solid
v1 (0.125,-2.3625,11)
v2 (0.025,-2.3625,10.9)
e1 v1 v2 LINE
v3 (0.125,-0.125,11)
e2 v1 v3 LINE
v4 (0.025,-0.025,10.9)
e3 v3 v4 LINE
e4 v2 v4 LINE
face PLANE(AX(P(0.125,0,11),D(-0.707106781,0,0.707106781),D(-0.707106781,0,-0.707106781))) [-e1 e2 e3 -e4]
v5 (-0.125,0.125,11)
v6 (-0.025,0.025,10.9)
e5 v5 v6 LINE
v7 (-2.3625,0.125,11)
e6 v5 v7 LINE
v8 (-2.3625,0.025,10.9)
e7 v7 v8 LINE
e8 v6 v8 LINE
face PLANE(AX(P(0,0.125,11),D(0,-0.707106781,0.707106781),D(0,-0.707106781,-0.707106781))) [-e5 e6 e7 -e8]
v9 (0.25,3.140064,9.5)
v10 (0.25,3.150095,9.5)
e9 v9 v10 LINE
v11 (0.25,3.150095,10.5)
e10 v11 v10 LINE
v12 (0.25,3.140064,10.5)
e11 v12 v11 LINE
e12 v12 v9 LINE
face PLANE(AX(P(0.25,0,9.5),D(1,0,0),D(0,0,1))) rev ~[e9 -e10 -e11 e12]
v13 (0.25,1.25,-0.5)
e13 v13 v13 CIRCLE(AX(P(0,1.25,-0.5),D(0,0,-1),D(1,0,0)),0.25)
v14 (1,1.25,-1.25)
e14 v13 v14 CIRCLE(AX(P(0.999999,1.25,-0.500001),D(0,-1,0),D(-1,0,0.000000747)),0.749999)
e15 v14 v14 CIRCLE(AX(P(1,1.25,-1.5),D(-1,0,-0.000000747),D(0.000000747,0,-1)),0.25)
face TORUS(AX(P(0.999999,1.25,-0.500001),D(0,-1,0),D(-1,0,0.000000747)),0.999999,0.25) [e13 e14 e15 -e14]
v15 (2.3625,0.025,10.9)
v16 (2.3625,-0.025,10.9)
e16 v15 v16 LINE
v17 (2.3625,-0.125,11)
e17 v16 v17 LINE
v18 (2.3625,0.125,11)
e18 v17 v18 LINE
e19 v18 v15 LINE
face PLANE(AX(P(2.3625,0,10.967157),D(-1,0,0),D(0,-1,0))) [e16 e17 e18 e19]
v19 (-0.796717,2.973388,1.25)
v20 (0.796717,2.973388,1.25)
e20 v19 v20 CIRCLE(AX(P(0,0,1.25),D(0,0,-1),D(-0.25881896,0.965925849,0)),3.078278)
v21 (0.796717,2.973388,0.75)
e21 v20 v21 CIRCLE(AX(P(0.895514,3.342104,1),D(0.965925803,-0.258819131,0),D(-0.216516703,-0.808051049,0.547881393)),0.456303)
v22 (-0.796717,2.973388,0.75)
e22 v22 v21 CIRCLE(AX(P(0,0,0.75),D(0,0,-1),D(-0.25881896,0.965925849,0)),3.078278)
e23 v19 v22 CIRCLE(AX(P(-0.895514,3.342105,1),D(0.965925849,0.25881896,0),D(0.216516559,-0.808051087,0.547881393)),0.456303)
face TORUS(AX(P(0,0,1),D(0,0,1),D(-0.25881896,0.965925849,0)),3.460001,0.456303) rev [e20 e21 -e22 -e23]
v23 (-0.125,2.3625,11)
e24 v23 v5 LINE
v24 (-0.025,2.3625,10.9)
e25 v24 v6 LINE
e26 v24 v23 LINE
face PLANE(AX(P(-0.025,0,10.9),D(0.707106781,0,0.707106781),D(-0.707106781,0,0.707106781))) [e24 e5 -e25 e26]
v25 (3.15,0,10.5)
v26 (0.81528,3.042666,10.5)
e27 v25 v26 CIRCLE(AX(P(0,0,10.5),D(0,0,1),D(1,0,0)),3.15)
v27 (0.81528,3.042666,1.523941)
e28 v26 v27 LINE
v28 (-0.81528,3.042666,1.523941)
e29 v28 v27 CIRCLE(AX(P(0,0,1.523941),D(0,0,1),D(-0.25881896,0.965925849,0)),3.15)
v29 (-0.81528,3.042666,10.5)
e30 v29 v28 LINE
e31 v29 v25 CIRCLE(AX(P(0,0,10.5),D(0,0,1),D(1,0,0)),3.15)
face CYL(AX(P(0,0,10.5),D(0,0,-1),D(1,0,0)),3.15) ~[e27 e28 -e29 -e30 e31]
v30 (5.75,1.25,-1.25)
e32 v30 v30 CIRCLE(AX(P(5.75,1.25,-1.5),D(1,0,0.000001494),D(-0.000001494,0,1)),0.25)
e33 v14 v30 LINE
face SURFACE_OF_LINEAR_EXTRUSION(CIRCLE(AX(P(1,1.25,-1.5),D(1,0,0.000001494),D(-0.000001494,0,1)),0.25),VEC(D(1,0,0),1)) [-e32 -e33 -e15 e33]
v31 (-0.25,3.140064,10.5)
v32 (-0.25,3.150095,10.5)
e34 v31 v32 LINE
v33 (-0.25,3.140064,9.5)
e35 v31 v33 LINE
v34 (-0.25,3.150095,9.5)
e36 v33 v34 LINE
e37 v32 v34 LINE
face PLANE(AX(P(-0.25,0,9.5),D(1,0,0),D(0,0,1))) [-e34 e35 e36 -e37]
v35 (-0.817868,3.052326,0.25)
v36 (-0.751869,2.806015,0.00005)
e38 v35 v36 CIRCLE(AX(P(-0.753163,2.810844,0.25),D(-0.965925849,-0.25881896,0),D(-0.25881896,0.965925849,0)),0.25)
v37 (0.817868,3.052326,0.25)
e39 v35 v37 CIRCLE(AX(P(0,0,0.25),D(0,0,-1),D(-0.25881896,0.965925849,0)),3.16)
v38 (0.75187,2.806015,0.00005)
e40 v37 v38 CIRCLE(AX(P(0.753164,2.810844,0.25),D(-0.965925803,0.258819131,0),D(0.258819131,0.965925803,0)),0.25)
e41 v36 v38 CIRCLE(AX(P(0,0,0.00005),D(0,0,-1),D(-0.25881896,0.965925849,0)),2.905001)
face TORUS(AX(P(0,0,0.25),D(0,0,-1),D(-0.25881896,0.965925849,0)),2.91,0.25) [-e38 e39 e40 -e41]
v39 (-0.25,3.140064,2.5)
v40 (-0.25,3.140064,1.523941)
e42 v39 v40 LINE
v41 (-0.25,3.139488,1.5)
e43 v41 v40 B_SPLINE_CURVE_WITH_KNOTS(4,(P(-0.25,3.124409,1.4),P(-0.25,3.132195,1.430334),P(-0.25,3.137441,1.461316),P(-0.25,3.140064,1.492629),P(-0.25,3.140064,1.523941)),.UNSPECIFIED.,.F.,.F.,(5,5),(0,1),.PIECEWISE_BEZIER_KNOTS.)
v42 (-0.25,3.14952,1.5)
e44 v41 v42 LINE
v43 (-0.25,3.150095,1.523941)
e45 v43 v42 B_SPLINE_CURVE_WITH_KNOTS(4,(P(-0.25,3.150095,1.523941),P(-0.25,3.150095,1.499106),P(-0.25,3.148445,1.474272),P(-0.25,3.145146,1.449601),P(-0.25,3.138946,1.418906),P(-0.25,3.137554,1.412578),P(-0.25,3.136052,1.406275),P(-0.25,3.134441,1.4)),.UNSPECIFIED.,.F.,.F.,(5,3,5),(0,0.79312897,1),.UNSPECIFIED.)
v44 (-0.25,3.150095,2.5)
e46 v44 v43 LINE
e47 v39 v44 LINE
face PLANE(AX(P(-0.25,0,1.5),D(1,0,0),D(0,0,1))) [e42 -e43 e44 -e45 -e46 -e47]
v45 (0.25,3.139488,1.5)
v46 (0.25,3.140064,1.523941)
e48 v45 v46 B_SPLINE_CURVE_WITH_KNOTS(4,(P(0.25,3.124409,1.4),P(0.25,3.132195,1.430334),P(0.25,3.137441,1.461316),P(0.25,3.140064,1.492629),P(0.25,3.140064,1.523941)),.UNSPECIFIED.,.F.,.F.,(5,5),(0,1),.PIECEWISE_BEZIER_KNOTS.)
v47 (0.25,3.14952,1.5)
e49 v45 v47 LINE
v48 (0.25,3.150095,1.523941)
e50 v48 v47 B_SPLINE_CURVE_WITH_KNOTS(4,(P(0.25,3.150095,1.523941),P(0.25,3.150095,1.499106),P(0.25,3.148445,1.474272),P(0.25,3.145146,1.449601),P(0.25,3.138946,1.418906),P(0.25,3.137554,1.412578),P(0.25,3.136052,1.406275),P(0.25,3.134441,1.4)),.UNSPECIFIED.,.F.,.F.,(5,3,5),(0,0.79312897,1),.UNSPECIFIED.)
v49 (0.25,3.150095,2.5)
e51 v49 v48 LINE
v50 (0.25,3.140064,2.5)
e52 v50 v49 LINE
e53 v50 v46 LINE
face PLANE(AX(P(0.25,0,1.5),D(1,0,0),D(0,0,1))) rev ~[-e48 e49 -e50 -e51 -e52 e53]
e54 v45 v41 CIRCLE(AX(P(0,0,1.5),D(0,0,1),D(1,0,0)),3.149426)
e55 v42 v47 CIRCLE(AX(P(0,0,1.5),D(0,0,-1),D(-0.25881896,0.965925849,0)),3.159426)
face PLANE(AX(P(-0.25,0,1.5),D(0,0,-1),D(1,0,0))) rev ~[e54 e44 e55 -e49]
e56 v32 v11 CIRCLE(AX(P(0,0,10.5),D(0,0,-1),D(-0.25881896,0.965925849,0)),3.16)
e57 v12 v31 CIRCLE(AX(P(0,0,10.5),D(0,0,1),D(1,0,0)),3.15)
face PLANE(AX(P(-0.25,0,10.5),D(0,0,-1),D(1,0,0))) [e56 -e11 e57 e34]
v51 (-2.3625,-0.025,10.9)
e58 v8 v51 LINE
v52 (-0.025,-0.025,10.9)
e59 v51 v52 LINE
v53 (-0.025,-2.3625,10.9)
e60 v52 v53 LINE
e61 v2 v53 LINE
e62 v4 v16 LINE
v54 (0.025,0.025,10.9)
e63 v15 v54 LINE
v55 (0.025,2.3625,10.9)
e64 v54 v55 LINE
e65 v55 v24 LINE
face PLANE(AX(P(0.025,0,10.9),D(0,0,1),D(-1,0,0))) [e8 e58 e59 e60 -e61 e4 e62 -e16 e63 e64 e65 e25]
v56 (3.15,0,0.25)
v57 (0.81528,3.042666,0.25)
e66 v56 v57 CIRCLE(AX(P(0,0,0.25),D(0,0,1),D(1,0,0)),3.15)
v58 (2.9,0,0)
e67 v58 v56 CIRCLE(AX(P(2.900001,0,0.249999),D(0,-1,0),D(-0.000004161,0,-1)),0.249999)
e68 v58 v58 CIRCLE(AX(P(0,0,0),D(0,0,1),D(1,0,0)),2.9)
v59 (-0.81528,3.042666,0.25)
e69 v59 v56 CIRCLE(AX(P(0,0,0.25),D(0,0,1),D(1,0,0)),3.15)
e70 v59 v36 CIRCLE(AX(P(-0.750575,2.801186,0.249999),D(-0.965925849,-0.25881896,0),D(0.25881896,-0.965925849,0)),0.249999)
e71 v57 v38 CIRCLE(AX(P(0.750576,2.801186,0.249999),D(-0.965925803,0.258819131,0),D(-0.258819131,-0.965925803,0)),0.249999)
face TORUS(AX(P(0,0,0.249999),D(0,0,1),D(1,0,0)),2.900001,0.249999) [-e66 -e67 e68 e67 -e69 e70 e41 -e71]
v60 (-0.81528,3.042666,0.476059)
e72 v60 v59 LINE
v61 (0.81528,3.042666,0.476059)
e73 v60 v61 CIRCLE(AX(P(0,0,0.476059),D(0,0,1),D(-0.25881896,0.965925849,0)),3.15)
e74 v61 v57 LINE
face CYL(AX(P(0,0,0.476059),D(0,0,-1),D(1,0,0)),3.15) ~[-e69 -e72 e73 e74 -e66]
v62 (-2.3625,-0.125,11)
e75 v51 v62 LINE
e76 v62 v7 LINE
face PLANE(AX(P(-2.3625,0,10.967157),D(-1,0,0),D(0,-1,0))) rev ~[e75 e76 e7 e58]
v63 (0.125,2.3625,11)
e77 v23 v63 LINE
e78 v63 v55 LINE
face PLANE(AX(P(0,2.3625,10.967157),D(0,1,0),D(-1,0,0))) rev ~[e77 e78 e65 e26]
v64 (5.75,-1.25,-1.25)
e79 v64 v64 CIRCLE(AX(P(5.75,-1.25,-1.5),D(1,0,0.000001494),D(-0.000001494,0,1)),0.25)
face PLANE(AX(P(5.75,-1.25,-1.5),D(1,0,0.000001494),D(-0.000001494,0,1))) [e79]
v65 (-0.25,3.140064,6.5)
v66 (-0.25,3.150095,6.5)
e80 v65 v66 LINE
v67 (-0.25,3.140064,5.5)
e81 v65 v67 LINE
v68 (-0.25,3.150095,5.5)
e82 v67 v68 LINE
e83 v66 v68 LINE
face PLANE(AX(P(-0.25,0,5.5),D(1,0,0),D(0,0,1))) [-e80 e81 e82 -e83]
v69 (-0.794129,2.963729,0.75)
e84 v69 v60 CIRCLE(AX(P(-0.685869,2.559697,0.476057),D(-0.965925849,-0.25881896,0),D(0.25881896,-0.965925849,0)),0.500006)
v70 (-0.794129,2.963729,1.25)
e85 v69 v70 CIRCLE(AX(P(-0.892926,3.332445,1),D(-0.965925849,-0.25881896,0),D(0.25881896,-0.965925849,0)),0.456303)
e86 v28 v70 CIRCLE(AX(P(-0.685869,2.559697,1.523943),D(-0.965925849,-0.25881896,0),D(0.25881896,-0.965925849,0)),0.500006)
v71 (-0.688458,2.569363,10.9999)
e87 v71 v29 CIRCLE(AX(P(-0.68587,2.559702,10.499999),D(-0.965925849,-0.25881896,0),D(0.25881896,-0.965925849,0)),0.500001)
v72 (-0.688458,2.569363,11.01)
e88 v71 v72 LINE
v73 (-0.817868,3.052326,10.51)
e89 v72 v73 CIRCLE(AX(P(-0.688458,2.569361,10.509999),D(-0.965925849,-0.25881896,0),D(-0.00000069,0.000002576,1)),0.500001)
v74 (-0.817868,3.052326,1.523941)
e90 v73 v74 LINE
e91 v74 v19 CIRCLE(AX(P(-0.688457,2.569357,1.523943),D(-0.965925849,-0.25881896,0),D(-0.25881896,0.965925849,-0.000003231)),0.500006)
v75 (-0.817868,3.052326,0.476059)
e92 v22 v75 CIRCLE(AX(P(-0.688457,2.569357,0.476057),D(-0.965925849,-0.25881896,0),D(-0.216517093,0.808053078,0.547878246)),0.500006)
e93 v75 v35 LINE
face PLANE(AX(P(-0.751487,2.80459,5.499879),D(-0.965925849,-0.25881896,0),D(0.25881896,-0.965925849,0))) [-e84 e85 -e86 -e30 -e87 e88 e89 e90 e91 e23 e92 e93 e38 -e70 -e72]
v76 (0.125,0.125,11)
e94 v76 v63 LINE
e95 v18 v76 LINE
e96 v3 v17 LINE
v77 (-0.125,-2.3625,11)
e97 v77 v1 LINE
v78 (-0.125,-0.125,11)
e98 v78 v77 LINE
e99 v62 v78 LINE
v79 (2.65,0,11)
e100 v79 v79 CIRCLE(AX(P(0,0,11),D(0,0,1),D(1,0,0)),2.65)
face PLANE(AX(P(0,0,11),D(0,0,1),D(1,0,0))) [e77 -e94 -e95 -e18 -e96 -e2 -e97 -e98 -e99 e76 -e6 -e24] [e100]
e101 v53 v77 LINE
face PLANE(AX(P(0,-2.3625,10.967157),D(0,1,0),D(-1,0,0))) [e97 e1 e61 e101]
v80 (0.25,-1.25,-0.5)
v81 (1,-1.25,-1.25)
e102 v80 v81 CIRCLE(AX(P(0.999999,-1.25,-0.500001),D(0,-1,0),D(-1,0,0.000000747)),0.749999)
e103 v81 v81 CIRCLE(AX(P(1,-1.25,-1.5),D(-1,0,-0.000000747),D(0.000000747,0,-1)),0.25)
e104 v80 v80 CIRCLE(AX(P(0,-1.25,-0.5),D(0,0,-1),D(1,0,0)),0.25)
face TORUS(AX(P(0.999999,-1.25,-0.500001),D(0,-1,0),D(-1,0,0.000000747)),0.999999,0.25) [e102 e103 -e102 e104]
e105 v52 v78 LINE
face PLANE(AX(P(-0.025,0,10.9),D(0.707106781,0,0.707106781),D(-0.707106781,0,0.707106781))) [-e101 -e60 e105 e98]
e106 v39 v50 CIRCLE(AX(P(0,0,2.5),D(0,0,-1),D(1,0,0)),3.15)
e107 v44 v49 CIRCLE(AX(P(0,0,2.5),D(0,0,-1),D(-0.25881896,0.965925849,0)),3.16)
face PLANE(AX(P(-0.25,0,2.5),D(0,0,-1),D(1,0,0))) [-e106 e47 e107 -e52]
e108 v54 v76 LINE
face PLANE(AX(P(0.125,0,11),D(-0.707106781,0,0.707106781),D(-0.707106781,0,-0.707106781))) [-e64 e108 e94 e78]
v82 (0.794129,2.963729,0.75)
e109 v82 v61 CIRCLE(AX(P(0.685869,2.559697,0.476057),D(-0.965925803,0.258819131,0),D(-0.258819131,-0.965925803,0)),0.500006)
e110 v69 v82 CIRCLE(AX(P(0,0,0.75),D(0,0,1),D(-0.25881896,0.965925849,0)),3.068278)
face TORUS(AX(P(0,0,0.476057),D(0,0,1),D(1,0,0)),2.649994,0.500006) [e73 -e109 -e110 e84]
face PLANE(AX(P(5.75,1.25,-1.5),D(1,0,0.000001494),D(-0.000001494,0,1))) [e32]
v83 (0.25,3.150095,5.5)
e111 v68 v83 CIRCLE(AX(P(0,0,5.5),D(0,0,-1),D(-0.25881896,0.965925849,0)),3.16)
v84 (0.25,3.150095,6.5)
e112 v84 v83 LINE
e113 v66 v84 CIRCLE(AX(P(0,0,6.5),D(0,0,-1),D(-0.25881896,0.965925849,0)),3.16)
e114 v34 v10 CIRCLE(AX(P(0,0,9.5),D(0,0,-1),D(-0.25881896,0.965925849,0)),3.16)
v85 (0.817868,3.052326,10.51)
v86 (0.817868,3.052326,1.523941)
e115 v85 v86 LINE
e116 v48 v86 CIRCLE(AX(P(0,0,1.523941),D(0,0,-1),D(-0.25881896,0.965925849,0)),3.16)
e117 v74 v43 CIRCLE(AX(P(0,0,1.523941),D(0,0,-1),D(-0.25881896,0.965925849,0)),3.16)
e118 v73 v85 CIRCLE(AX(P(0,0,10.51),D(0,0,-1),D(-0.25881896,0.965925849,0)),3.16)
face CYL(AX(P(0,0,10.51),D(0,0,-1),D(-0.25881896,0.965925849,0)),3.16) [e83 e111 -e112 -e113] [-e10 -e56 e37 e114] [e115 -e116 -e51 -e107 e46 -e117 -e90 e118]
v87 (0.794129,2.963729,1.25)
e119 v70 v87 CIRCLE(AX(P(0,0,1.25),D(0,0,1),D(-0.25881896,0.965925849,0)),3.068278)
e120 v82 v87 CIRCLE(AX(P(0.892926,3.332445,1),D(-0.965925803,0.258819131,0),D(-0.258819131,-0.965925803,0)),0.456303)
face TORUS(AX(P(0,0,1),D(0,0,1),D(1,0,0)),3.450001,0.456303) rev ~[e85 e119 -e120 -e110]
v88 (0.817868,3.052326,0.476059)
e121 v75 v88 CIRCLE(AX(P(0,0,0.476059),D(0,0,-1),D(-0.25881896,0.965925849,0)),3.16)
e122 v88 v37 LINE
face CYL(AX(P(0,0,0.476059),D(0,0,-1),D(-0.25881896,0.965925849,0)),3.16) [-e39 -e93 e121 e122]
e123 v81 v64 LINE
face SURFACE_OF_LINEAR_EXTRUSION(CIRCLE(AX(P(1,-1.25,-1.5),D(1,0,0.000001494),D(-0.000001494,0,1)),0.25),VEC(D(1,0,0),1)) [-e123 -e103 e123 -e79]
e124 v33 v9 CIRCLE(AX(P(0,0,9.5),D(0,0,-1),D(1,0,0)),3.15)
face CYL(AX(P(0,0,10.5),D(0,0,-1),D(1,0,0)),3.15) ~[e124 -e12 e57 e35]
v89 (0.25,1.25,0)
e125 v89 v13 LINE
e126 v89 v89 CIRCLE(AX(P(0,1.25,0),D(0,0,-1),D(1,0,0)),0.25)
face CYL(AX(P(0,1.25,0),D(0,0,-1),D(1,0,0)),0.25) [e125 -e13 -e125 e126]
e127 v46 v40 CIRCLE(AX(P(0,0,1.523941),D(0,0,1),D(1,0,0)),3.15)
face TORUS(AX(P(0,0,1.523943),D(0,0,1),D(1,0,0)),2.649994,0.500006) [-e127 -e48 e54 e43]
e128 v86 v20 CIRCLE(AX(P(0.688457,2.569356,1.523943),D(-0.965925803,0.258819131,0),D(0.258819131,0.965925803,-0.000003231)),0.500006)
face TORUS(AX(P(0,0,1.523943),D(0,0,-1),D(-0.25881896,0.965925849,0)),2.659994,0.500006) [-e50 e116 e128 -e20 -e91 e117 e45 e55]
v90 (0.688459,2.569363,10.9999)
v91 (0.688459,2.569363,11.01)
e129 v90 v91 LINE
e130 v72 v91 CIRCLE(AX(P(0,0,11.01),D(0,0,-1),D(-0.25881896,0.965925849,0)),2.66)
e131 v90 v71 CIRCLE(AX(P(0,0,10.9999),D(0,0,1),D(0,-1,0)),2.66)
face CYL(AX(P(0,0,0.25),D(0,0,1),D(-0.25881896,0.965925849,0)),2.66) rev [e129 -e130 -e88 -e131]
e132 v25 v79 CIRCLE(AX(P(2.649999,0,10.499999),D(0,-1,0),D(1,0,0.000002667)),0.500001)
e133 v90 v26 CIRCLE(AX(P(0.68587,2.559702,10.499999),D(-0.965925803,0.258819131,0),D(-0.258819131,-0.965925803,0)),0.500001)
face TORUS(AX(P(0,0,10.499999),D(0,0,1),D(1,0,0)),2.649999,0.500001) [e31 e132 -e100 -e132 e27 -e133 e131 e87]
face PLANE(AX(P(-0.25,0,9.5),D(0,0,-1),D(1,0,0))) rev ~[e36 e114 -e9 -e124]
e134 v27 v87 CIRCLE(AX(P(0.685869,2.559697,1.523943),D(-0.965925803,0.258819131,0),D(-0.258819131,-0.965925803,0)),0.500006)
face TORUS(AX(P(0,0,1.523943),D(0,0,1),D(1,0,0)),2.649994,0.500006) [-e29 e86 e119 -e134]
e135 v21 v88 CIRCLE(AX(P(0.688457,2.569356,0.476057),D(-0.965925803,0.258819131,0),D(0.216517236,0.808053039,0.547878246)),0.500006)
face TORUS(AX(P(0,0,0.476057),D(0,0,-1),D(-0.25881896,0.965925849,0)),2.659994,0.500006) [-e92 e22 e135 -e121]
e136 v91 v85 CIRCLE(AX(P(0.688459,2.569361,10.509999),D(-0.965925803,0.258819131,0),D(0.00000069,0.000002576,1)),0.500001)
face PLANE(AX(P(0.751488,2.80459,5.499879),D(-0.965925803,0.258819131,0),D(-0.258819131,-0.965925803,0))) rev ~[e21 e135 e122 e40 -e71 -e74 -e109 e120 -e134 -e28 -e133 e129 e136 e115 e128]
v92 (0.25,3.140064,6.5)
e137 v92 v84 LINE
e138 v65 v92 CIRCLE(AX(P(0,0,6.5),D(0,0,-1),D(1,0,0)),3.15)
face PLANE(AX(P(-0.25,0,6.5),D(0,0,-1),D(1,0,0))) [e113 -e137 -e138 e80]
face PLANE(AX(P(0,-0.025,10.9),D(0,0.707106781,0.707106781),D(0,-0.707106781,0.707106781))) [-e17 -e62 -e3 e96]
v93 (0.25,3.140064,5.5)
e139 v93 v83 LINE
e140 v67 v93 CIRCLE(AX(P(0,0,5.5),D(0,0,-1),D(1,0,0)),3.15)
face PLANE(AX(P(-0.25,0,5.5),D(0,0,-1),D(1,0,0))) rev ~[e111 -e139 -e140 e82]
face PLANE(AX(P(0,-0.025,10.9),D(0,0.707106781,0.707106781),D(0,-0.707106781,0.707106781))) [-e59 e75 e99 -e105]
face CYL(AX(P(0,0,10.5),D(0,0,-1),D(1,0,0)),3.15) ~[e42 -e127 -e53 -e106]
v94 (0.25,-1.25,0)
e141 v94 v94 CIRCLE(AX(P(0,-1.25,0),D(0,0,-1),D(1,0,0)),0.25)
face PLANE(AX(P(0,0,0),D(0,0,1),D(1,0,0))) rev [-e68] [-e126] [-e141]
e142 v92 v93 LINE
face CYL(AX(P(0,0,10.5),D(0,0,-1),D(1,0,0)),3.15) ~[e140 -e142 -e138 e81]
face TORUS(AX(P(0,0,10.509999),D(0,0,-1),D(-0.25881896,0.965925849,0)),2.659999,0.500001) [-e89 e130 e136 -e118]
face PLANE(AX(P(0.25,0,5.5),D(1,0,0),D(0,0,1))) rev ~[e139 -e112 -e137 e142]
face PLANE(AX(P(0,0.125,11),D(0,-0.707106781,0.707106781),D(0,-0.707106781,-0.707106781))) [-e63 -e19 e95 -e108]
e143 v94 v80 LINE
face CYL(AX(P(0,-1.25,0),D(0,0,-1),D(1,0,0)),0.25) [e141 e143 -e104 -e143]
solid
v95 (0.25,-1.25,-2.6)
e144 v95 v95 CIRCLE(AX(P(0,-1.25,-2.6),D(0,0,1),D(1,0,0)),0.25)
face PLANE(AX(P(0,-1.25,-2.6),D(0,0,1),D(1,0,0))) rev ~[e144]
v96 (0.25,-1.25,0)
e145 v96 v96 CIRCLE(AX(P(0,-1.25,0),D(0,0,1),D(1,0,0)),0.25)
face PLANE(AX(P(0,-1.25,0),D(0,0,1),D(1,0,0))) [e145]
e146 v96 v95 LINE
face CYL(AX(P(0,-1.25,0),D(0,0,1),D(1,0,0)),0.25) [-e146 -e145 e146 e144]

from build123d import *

# Parameters (mm, degrees)
SKETCH010_R         = 0.25
PAD002_DEPTH        = 2.6
REVOLUTION001_ANGLE = -30
SKETCH015_W         = 0.5
SKETCH015_H         = 1
POCKET002_DEPTH     = 3.161
LINEARPATTERN_COUNT = 3
LINEARPATTERN_PITCH = 4
SKETCH012_R         = 2.65
POCKET_DEPTH        = 0.5
SKETCH003_R         = 0.25
SKETCH013_R         = 2.65
PAD_DEPTH           = 0.5
POCKET001_DEPTH     = 2.3625
POLARPATTERN_COUNT  = 3
POLARPATTERN_ANGLE  = 180


with BuildPart() as leadstraightclone:
    # Sketch010 → Pad002 (new body)
    with BuildSketch(Plane(origin=(0, 1.25, 0), x_dir=(1, 0, 0), z_dir=(0, 0, 1))):
        Circle(SKETCH010_R)
    extrude(amount=-PAD002_DEPTH)


with BuildPart() as leadstraightclone_1:
    # Body007 placement: moved
    add(leadstraightclone.part.moved(Location((0, -2.5, 0))))


with BuildPart() as polaritymarking:
    # Sketch005 → Revolution001 (revolve)
    with BuildSketch(Plane(origin=(0, 0, 0), x_dir=(-0.258819, 0.965926, 0), z_dir=(0.965926, 0.258819, 0))):
        with BuildLine():
            Line((2.66, 0.25), (2.66, 11.01))
            ThreePointArc((2.66, 11.01), (3.013553, 10.863553), (3.16, 10.51))
            Line((3.16, 10.51), (3.16, 1.523941))
            ThreePointArc((3.16, 1.523941), (3.139134, 1.381006), (3.078278, 1.25))
            ThreePointArc((3.078278, 1.25), (3.003698, 1), (3.078278, 0.75))
            ThreePointArc((3.078278, 0.75), (3.139134, 0.618994), (3.16, 0.476059))
            Line((3.16, 0.476059), (3.16, 0.25))
            ThreePointArc((3.16, 0.25), (2.91, 0), (2.66, 0.25))
        make_face()
    revolve(axis=Axis((0, 0, 0), (0, 0, 1)), revolution_arc=REVOLUTION001_ANGLE)

    # Sketch015 → Pocket002 (cut, through all)
    with BuildSketch(Plane.XZ):
        with Locations((0, 2)):
            Rectangle(SKETCH015_W, SKETCH015_H)
    pocket002 = extrude(amount=-POCKET002_DEPTH, mode=Mode.SUBTRACT)

    # LinearPattern: Pocket002 ×3
    with Locations(*[(0, 0, i * LINEARPATTERN_PITCH) for i in range(1, LINEARPATTERN_COUNT)]):
        add(pocket002, mode=Mode.SUBTRACT)


with BuildPart() as housing:
    # Sketch → Revolution (revolve)
    with BuildSketch(Plane.XZ):
        with BuildLine():
            Line((0, 11), (2.65, 11))
            ThreePointArc((3.15, 10.5), (3.003553, 10.853553), (2.65, 11))
            Line((3.15, 10.5), (3.15, 1.523941))
            ThreePointArc((3.068278, 1.25), (3.129134, 1.381006), (3.15, 1.523941))
            ThreePointArc((3.068278, 1.25), (2.993698, 1), (3.068278, 0.75))
            ThreePointArc((3.15, 0.476059), (3.129134, 0.618994), (3.068278, 0.75))
            Line((3.15, 0.476059), (3.15, 0.25))
            ThreePointArc((2.9, 0), (3.076777, 0.073223), (3.15, 0.25))
            Line((0, 0), (2.9, 0))
            Line((0, 11), (0, 0))
        make_face()
    revolve(axis=Axis((0, 0, 0), (0, 0, 1)))

    # Sketch012 → Pocket (cut)
    with BuildSketch(Plane.XY.offset(11)):
        Circle(SKETCH012_R)
    extrude(amount=-POCKET_DEPTH, mode=Mode.SUBTRACT)


with BuildPart() as leadangled:
    # AdditivePipe: sweep along a path in Sketch004
    with BuildLine(Plane.XZ) as additivepipe_path:
        Line((0, 0), (0, -0.5))
        ThreePointArc((0, -0.5), (0.292893, -1.207107), (1, -1.5))
        Line((1, -1.5), (5.75, -1.5))
    # Sketch003 (on ShapeBinder) → AdditivePipe (sweep)
    with BuildSketch(Plane(origin=(0, 0, 0), x_dir=(1, 0, 0), z_dir=(0, 0, -1))):
        with Locations((0, 1.25)):
            Circle(SKETCH003_R)
    sweep(path=additivepipe_path.line)


with BuildPart() as leadangledclone:
    # Body003 base: copy of LeadAngled
    add(leadangled.part)


with BuildPart() as leadangledclone_1:
    # Body003 placement: moved
    add(leadangledclone.part.moved(Location((0, 2.5, 0))))


with BuildPart() as fusion:
    # Sketch013 (on ShapeBinder) → Pad (new body)
    with BuildSketch(Plane.XY.offset(10.5)):
        Circle(SKETCH013_R)
    extrude(amount=PAD_DEPTH)

    # Sketch014 → Pocket001 (cut, symmetric)
    with BuildSketch(Plane.XZ):
        Polygon((-0.125, 11), (0.125, 11), (0.025, 10.9), (-0.025, 10.9), align=None)
    pocket001 = extrude(amount=POCKET001_DEPTH, both=True, mode=Mode.SUBTRACT)

    # PolarPattern: Pocket001 ×3 about axis
    polarpattern_axis = Axis((0, 0, 0), (0, 0, 1))
    for i in range(1, POLARPATTERN_COUNT):
        add(pocket001.rotate(polarpattern_axis, i * POLARPATTERN_ANGLE / (POLARPATTERN_COUNT - 1)), mode=Mode.SUBTRACT)

    # Fusion: union PolarityMarking, Housing, LeadAngledClone, LeadAngled
    add(polaritymarking.part)
    add(housing.part)
    add(leadangledclone_1.part)
    add(leadangled.part)


solid = Compound([leadstraightclone_1.part, fusion.part])
